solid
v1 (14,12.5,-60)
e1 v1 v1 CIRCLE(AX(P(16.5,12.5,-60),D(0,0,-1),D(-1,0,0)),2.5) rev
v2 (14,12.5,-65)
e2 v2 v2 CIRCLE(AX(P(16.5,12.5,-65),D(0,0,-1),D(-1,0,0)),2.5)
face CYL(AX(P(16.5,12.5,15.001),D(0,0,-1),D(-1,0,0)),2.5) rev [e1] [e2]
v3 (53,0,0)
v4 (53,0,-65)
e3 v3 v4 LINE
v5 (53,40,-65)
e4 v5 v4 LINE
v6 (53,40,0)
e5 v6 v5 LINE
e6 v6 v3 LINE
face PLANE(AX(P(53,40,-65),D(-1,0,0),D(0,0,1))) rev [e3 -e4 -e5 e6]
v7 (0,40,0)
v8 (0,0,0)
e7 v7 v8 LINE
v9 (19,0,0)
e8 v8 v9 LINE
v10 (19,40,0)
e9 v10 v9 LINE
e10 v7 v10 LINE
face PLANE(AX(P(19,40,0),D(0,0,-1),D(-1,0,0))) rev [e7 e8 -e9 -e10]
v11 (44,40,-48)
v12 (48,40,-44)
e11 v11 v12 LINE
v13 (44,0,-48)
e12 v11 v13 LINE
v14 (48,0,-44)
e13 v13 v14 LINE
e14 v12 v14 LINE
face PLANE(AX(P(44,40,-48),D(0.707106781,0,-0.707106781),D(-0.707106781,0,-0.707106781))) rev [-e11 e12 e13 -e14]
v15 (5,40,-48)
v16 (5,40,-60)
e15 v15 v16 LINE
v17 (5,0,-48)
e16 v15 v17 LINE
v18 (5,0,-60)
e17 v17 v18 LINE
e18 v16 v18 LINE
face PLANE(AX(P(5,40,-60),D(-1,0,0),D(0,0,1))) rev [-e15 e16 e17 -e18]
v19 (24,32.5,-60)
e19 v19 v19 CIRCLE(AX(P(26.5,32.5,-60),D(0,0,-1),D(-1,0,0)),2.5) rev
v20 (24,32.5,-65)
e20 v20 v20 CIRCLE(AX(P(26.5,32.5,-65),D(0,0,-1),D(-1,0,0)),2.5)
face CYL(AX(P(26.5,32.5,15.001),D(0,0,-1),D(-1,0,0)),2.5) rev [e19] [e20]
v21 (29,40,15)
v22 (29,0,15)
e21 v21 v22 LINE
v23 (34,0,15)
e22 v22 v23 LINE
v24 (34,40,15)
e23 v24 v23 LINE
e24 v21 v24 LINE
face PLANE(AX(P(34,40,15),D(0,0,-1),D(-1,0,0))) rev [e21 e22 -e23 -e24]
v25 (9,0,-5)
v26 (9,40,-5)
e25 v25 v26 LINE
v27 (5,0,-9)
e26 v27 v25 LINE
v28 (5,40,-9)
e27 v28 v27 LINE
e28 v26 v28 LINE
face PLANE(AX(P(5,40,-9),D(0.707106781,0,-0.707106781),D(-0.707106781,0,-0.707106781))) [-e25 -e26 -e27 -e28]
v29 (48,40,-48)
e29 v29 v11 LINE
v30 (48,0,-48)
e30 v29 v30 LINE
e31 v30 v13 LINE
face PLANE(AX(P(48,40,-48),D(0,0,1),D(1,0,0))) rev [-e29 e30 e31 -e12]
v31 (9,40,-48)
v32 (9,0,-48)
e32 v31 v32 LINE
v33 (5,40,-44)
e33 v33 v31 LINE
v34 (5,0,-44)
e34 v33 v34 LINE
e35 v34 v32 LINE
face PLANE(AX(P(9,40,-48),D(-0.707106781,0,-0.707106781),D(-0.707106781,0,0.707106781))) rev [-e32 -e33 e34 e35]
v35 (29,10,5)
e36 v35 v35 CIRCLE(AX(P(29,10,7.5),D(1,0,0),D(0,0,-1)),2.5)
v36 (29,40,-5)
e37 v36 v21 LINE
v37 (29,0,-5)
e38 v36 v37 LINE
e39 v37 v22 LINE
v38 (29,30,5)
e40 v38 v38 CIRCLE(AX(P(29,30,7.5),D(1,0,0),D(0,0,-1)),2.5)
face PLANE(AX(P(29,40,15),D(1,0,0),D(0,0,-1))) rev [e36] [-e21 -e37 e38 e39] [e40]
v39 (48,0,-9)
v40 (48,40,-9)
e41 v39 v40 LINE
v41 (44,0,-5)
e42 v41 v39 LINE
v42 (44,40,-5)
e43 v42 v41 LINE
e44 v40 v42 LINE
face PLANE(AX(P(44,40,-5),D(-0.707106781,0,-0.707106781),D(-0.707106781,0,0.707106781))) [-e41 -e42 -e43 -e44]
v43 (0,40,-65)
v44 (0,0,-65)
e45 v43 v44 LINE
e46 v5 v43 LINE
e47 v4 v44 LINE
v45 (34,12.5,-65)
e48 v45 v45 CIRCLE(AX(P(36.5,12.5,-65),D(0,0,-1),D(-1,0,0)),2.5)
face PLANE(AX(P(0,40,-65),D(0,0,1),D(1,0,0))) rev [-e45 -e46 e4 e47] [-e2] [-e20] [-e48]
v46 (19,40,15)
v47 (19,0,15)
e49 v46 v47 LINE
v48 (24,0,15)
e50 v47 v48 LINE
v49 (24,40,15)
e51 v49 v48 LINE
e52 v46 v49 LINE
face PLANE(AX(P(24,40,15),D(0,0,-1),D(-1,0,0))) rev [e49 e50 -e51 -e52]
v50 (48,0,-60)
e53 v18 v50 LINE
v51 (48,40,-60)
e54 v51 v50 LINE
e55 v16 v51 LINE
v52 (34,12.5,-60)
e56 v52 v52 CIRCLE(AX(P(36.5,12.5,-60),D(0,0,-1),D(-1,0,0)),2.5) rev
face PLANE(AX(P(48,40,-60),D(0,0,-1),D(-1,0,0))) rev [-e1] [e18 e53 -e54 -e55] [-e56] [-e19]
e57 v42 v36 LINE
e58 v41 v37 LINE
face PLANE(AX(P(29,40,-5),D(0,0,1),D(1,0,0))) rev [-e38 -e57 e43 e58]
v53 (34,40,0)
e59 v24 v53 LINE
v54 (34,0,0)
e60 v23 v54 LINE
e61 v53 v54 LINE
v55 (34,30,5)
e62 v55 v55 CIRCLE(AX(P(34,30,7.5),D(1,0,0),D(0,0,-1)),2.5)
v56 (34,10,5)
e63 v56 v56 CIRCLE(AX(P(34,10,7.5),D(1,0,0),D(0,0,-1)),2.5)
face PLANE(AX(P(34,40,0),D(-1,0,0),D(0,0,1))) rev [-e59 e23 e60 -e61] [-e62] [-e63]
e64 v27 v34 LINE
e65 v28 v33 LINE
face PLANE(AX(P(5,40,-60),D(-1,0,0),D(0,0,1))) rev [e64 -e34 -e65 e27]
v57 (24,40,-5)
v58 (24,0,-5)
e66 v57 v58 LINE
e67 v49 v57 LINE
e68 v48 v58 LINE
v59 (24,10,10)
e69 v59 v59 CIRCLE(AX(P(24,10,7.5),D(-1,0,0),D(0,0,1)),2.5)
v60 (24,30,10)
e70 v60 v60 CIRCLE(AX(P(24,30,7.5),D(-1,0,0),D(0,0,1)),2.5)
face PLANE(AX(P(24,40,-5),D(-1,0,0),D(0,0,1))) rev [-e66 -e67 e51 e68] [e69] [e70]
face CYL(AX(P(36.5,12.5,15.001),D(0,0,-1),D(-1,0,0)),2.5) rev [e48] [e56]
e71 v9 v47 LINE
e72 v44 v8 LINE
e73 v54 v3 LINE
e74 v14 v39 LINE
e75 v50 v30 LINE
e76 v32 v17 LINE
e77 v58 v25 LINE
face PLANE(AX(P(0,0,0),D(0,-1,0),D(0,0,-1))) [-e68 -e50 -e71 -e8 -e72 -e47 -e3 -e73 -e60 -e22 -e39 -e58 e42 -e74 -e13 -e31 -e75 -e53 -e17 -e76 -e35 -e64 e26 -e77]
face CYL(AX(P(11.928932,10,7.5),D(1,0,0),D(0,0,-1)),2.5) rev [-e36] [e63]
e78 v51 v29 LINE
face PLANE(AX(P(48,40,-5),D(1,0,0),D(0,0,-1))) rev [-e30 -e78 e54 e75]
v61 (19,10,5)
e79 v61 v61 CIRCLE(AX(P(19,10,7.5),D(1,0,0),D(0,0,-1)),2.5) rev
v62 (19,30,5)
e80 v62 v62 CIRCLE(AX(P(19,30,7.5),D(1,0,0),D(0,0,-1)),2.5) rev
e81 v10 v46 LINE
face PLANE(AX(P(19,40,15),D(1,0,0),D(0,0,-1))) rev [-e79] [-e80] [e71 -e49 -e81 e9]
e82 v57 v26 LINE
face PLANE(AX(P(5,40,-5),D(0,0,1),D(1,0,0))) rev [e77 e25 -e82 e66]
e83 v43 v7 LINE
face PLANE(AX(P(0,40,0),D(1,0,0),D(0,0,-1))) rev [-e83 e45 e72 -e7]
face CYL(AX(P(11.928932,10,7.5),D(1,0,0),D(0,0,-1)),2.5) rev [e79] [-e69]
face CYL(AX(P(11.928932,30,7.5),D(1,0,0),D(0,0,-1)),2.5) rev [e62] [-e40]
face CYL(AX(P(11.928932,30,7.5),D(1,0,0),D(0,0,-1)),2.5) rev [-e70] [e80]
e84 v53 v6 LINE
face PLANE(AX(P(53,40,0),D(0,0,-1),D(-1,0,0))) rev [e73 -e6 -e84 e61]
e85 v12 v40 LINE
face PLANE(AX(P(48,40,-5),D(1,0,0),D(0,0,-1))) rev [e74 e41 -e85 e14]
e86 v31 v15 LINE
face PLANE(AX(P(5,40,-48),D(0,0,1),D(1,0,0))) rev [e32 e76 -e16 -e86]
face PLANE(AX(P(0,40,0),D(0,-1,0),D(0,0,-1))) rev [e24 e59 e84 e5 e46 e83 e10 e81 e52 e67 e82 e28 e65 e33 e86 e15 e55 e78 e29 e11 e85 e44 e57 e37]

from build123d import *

# Parameters (mm, degrees)
MAIN_DEPTH          = 40
CHAMFER_1_SIZE      = 4
HOLES_REACH         = 105.966
SKETCH_2_R          = 2.5
EXTRUDE_3_DEPTH     = 40
CUT_EXTRUDE_4_REACH = 85.552
SKETCH_4_R          = 2.5


with BuildPart() as part:
    # Эскиз1 → main (new body)
    with BuildSketch(Plane(origin=(0, 0, 0), x_dir=(1, 0, 0), z_dir=(0, 1, 0))):
        Polygon((0, 0), (0, 65), (53, 65), (53, 0), (34, 0), (34, -15), (29, -15), (29, 5), (48, 5), (48, 60), (5, 60), (5, 5), (24, 5), (24, -15), (19, -15), (19, 0), align=None)
    extrude(amount=MAIN_DEPTH)

    # Фаска1
    chamfer_1_edges = [part.edges().sort_by_distance(p)[0] for p in [
        (48, 20, -5),
        (5, 20, -5),
    ]]
    chamfer(chamfer_1_edges, length=CHAMFER_1_SIZE)

    # Эскиз2 → holes (cut, up to next)
    with BuildSketch(Plane(origin=(0, 0, -65), x_dir=(-1, 0, 0), z_dir=(0, 0, -1)), mode=Mode.PRIVATE) as holes_sk1:
        with Locations((-26.5, 32.5)):
            Circle(SKETCH_2_R)
    holes_tool1 = extrude(holes_sk1.sketch, amount=-HOLES_REACH, mode=Mode.PRIVATE) & part.part
    # Эскиз2 → holes (cut, up to next)
    with BuildSketch(Plane(origin=(0, 0, -65), x_dir=(-1, 0, 0), z_dir=(0, 0, -1)), mode=Mode.PRIVATE) as holes_sk2:
        with Locations((-36.5, 12.5)):
            Circle(SKETCH_2_R)
    holes_tool2 = extrude(holes_sk2.sketch, amount=-HOLES_REACH, mode=Mode.PRIVATE) & part.part
    # Эскиз2 → holes (cut, up to next)
    with BuildSketch(Plane(origin=(0, 0, -65), x_dir=(-1, 0, 0), z_dir=(0, 0, -1)), mode=Mode.PRIVATE) as holes_sk3:
        with Locations((-16.5, 12.5)):
            Circle(SKETCH_2_R)
    holes_tool3 = extrude(holes_sk3.sketch, amount=-HOLES_REACH, mode=Mode.PRIVATE) & part.part
    add(holes_tool1.solids().sort_by_distance((26.5, 32.5, -65))[0], mode=Mode.SUBTRACT)
    add(holes_tool2.solids().sort_by_distance((36.5, 12.5, -65))[0], mode=Mode.SUBTRACT)
    add(holes_tool3.solids().sort_by_distance((16.5, 12.5, -65))[0], mode=Mode.SUBTRACT)

    # Эскиз3 → Вытянуть3 (add)
    with BuildSketch(Plane(origin=(0, 0, 0), x_dir=(1, 0, 0), z_dir=(0, 1, 0))):
        Polygon((5, 44), (5, 48), (9, 48), align=None)
        Polygon((44, 48), (48, 44), (48, 48), align=None)
    extrude(amount=EXTRUDE_3_DEPTH)

    # Вытянуть4: up to this face of the body (flat: up to its plane)
    cut_extrude_4_end = Plane(part.part.faces().sort_by_distance((19, 20, 7.5))[0])
    # Эскиз4 → Вытянуть4 (cut, up to the picked face)
    with BuildSketch(Plane(origin=(34, 0, 0), x_dir=(0, 0, -1), z_dir=(1, 0, 0)), mode=Mode.PRIVATE) as cut_extrude_4_sk1:
        with Locations((-7.5, 10)):
            Circle(SKETCH_4_R)
    cut_extrude_4_tool1 = split(extrude(cut_extrude_4_sk1.sketch, amount=-CUT_EXTRUDE_4_REACH, mode=Mode.PRIVATE), bisect_by=cut_extrude_4_end, keep=Keep.BOTH, mode=Mode.PRIVATE)
    # Эскиз4 → Вытянуть4 (cut, up to the picked face)
    with BuildSketch(Plane(origin=(34, 0, 0), x_dir=(0, 0, -1), z_dir=(1, 0, 0)), mode=Mode.PRIVATE) as cut_extrude_4_sk2:
        with Locations((-7.5, 30)):
            Circle(SKETCH_4_R)
    cut_extrude_4_tool2 = split(extrude(cut_extrude_4_sk2.sketch, amount=-CUT_EXTRUDE_4_REACH, mode=Mode.PRIVATE), bisect_by=cut_extrude_4_end, keep=Keep.BOTH, mode=Mode.PRIVATE)
    add(cut_extrude_4_tool1.solids().sort_by(Axis((34, 10, 7.5), (-1, 0, 0)))[0], mode=Mode.SUBTRACT)
    add(cut_extrude_4_tool2.solids().sort_by(Axis((34, 30, 7.5), (-1, 0, 0)))[0], mode=Mode.SUBTRACT)


solid = part.part
